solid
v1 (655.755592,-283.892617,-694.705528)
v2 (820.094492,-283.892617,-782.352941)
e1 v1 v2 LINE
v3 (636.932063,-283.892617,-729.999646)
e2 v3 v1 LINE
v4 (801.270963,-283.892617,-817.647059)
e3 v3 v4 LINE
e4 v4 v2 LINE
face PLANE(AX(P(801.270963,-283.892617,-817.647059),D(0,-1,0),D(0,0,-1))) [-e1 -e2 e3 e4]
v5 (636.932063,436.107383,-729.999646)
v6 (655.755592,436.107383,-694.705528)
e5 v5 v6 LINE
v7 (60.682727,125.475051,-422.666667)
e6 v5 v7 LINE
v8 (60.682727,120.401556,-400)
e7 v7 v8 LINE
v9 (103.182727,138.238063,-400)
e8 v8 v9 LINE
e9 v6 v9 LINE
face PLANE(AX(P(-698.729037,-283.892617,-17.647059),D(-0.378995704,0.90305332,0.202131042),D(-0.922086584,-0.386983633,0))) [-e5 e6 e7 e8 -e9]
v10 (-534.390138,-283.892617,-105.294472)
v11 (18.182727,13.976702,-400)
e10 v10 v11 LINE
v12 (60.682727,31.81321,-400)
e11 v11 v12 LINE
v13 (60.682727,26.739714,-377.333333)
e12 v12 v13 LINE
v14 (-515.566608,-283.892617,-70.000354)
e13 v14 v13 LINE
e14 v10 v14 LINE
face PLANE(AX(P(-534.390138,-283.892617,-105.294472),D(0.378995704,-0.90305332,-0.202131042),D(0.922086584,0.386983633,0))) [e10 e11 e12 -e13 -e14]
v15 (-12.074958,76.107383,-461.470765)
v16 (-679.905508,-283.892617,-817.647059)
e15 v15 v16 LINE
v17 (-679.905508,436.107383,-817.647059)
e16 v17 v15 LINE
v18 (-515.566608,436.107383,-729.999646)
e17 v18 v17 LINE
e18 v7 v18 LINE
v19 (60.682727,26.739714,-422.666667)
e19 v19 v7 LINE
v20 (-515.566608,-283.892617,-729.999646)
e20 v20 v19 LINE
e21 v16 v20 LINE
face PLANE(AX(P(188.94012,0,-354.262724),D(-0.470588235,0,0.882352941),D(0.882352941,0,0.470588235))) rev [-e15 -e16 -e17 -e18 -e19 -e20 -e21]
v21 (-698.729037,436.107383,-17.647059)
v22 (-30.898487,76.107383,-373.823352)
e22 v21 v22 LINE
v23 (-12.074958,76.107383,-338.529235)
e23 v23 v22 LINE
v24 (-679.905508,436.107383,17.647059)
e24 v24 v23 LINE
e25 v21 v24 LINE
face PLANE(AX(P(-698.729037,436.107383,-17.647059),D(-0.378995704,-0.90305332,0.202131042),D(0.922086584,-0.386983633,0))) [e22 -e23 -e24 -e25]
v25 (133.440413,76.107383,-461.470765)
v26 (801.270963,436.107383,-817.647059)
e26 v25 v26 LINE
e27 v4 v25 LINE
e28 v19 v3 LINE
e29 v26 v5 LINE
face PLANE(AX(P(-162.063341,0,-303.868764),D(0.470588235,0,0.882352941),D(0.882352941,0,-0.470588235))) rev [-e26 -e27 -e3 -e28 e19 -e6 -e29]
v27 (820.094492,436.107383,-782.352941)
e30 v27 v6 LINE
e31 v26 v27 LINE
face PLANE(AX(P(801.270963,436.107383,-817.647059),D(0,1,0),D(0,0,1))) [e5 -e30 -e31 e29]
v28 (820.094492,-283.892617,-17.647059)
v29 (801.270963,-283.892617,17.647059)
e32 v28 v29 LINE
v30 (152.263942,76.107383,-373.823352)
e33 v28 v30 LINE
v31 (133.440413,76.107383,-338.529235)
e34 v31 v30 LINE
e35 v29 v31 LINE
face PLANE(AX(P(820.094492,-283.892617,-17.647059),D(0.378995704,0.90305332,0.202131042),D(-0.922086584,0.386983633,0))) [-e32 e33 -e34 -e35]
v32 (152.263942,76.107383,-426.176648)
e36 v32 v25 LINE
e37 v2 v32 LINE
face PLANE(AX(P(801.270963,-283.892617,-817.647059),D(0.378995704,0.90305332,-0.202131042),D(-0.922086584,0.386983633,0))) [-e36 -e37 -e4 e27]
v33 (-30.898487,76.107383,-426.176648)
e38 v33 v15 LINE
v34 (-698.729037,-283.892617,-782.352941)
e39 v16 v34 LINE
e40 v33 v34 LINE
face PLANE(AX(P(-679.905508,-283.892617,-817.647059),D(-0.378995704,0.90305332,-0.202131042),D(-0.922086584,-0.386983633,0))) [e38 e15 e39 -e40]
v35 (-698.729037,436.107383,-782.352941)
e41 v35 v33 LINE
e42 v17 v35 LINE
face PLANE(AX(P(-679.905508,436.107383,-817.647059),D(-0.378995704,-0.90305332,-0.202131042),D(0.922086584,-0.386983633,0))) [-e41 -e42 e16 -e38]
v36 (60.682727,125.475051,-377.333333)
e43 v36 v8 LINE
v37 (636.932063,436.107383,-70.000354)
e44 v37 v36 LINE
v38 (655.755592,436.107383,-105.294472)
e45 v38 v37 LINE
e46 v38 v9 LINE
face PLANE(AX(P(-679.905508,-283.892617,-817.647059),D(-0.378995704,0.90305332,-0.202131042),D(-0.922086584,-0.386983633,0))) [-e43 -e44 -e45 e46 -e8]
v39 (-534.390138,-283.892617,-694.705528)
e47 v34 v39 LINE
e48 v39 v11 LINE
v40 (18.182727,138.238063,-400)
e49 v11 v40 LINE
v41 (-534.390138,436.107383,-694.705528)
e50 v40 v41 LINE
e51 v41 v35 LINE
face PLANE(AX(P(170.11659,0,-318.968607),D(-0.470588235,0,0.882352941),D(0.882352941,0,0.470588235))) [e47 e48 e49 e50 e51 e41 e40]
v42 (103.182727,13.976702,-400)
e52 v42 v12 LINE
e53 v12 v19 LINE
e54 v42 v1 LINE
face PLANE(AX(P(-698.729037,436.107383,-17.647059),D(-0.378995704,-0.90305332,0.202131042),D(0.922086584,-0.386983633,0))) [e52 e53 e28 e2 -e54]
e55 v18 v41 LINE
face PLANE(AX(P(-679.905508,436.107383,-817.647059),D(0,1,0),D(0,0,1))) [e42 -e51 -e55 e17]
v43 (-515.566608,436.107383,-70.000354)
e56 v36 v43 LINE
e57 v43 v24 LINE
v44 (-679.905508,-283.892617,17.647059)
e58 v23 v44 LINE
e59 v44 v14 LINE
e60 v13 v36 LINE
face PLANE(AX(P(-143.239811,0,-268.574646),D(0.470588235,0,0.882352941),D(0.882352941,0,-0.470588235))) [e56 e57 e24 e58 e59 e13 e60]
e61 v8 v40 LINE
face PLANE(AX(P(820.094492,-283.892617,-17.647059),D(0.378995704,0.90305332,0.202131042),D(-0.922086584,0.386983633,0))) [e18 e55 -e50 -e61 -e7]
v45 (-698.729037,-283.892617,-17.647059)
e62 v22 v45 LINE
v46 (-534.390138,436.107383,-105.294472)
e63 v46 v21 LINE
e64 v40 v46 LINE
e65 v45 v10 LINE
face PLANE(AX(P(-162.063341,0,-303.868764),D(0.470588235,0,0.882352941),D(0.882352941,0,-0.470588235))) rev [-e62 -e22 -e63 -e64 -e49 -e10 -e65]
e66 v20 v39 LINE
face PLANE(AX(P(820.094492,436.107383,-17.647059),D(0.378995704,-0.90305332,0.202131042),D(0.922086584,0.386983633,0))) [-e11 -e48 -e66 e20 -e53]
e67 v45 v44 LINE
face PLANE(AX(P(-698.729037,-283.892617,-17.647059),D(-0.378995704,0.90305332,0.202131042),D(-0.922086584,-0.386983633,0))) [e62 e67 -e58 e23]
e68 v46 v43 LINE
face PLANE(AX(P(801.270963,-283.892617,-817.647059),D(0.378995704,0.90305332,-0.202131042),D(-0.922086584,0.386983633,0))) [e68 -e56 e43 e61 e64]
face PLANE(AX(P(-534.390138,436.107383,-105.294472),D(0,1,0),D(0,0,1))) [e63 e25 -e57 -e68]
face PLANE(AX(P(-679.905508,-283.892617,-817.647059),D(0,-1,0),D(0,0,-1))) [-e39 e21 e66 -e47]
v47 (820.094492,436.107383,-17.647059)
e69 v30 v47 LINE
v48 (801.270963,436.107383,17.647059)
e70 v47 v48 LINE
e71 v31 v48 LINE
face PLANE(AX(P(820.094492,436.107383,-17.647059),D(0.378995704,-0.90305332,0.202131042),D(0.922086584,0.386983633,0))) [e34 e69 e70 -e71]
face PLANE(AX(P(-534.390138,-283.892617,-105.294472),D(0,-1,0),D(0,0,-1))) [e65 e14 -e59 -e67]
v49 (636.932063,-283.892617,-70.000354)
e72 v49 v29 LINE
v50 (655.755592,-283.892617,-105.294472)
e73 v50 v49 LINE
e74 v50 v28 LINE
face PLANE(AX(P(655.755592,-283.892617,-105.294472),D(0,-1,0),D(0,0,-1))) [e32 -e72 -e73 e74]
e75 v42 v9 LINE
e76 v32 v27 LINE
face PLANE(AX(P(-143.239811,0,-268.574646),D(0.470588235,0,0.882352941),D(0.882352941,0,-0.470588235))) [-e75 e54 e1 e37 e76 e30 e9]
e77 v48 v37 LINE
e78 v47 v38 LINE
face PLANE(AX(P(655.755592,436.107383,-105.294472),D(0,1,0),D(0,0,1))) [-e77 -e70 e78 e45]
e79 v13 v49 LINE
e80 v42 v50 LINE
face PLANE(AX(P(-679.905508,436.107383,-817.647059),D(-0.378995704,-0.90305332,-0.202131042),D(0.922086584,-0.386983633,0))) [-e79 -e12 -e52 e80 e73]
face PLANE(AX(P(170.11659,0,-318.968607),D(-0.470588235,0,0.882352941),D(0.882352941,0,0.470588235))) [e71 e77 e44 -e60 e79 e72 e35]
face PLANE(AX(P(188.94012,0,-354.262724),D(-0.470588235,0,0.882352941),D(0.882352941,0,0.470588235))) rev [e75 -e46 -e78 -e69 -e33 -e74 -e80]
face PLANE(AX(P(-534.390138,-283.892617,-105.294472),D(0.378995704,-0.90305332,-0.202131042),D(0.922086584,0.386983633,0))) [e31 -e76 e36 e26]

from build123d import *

# Parameters (mm, degrees)
DODANIE_WYCI_GNI_CIE1_DEPTH      = 20
DODANIE_WYCI_GNI_CIE1_DEPTH_BACK = 20
DODANIE_WYCI_GNI_CIE2_DEPTH      = 20
DODANIE_WYCI_GNI_CIE2_DEPTH_BACK = 20
DODANIE_WYCI_GNI_CIE3_DEPTH      = 20
DODANIE_WYCI_GNI_CIE3_DEPTH_BACK = 20
DODANIE_WYCI_GNI_CIE4_DEPTH      = 20
DODANIE_WYCI_GNI_CIE4_DEPTH_BACK = 20


with BuildPart() as part:
    # Szkic4 → Dodanie-wyci_gni_cie1 (new body, two sides)
    with BuildSketch(Plane(origin=(179.528354859, 0, -336.615665361), x_dir=(0.882352941, 0, 0.470588235), z_dir=(-0.470588235, 0, 0.882352941))) as dodanie_wyci_gni_cie1_sk:
        Polygon((-984.691711107, 436.10738255), (529.057535882, -283.89261745), (715.308288893, -283.89261745), (-798.440958097, 436.10738255), align=None)
    extrude(amount=DODANIE_WYCI_GNI_CIE1_DEPTH)
    extrude(dodanie_wyci_gni_cie1_sk.sketch, amount=-DODANIE_WYCI_GNI_CIE1_DEPTH_BACK)

    # Szkic5 → Dodanie-wyci_gni_cie2 (add, two sides)
    with BuildSketch(Plane(origin=(179.528354859, 0, -336.615665361), x_dir=(0.882352941, 0, 0.470588235), z_dir=(-0.470588235, 0, 0.882352941))) as dodanie_wyci_gni_cie2_sk:
        Polygon((-984.691711107, -283.89261745), (529.057535882, 436.10738255), (715.308288893, 436.10738255), (-798.440958097, -283.89261745), align=None)
    extrude(amount=DODANIE_WYCI_GNI_CIE2_DEPTH)
    extrude(dodanie_wyci_gni_cie2_sk.sketch, amount=-DODANIE_WYCI_GNI_CIE2_DEPTH_BACK)

    # Szkic6 → Dodanie-wyci_gni_cie3 (add, two sides)
    with BuildSketch(Plane(origin=(-152.651575936, 0, -286.221704881), x_dir=(0.882352941, 0, -0.470588235), z_dir=(0.470588235, 0, 0.882352941))) as dodanie_wyci_gni_cie3_sk:
        Polygon((1091.778877128, -283.89261745), (-421.970369861, 436.10738255), (-608.221122872, 436.10738255), (905.528124117, -283.89261745), align=None)
    extrude(amount=DODANIE_WYCI_GNI_CIE3_DEPTH)
    extrude(dodanie_wyci_gni_cie3_sk.sketch, amount=-DODANIE_WYCI_GNI_CIE3_DEPTH_BACK)

    # Szkic7 → Dodanie-wyci_gni_cie4 (add, two sides)
    with BuildSketch(Plane(origin=(-152.651575936, 0, -286.221704881), x_dir=(0.882352941, 0, -0.470588235), z_dir=(0.470588235, 0, 0.882352941))) as dodanie_wyci_gni_cie4_sk:
        Polygon((-421.970369861, -283.89261745), (1091.778877128, 436.10738255), (905.528124117, 436.10738255), (-608.221122872, -283.89261745), align=None)
    extrude(amount=DODANIE_WYCI_GNI_CIE4_DEPTH)
    extrude(dodanie_wyci_gni_cie4_sk.sketch, amount=-DODANIE_WYCI_GNI_CIE4_DEPTH_BACK)


solid = part.part
